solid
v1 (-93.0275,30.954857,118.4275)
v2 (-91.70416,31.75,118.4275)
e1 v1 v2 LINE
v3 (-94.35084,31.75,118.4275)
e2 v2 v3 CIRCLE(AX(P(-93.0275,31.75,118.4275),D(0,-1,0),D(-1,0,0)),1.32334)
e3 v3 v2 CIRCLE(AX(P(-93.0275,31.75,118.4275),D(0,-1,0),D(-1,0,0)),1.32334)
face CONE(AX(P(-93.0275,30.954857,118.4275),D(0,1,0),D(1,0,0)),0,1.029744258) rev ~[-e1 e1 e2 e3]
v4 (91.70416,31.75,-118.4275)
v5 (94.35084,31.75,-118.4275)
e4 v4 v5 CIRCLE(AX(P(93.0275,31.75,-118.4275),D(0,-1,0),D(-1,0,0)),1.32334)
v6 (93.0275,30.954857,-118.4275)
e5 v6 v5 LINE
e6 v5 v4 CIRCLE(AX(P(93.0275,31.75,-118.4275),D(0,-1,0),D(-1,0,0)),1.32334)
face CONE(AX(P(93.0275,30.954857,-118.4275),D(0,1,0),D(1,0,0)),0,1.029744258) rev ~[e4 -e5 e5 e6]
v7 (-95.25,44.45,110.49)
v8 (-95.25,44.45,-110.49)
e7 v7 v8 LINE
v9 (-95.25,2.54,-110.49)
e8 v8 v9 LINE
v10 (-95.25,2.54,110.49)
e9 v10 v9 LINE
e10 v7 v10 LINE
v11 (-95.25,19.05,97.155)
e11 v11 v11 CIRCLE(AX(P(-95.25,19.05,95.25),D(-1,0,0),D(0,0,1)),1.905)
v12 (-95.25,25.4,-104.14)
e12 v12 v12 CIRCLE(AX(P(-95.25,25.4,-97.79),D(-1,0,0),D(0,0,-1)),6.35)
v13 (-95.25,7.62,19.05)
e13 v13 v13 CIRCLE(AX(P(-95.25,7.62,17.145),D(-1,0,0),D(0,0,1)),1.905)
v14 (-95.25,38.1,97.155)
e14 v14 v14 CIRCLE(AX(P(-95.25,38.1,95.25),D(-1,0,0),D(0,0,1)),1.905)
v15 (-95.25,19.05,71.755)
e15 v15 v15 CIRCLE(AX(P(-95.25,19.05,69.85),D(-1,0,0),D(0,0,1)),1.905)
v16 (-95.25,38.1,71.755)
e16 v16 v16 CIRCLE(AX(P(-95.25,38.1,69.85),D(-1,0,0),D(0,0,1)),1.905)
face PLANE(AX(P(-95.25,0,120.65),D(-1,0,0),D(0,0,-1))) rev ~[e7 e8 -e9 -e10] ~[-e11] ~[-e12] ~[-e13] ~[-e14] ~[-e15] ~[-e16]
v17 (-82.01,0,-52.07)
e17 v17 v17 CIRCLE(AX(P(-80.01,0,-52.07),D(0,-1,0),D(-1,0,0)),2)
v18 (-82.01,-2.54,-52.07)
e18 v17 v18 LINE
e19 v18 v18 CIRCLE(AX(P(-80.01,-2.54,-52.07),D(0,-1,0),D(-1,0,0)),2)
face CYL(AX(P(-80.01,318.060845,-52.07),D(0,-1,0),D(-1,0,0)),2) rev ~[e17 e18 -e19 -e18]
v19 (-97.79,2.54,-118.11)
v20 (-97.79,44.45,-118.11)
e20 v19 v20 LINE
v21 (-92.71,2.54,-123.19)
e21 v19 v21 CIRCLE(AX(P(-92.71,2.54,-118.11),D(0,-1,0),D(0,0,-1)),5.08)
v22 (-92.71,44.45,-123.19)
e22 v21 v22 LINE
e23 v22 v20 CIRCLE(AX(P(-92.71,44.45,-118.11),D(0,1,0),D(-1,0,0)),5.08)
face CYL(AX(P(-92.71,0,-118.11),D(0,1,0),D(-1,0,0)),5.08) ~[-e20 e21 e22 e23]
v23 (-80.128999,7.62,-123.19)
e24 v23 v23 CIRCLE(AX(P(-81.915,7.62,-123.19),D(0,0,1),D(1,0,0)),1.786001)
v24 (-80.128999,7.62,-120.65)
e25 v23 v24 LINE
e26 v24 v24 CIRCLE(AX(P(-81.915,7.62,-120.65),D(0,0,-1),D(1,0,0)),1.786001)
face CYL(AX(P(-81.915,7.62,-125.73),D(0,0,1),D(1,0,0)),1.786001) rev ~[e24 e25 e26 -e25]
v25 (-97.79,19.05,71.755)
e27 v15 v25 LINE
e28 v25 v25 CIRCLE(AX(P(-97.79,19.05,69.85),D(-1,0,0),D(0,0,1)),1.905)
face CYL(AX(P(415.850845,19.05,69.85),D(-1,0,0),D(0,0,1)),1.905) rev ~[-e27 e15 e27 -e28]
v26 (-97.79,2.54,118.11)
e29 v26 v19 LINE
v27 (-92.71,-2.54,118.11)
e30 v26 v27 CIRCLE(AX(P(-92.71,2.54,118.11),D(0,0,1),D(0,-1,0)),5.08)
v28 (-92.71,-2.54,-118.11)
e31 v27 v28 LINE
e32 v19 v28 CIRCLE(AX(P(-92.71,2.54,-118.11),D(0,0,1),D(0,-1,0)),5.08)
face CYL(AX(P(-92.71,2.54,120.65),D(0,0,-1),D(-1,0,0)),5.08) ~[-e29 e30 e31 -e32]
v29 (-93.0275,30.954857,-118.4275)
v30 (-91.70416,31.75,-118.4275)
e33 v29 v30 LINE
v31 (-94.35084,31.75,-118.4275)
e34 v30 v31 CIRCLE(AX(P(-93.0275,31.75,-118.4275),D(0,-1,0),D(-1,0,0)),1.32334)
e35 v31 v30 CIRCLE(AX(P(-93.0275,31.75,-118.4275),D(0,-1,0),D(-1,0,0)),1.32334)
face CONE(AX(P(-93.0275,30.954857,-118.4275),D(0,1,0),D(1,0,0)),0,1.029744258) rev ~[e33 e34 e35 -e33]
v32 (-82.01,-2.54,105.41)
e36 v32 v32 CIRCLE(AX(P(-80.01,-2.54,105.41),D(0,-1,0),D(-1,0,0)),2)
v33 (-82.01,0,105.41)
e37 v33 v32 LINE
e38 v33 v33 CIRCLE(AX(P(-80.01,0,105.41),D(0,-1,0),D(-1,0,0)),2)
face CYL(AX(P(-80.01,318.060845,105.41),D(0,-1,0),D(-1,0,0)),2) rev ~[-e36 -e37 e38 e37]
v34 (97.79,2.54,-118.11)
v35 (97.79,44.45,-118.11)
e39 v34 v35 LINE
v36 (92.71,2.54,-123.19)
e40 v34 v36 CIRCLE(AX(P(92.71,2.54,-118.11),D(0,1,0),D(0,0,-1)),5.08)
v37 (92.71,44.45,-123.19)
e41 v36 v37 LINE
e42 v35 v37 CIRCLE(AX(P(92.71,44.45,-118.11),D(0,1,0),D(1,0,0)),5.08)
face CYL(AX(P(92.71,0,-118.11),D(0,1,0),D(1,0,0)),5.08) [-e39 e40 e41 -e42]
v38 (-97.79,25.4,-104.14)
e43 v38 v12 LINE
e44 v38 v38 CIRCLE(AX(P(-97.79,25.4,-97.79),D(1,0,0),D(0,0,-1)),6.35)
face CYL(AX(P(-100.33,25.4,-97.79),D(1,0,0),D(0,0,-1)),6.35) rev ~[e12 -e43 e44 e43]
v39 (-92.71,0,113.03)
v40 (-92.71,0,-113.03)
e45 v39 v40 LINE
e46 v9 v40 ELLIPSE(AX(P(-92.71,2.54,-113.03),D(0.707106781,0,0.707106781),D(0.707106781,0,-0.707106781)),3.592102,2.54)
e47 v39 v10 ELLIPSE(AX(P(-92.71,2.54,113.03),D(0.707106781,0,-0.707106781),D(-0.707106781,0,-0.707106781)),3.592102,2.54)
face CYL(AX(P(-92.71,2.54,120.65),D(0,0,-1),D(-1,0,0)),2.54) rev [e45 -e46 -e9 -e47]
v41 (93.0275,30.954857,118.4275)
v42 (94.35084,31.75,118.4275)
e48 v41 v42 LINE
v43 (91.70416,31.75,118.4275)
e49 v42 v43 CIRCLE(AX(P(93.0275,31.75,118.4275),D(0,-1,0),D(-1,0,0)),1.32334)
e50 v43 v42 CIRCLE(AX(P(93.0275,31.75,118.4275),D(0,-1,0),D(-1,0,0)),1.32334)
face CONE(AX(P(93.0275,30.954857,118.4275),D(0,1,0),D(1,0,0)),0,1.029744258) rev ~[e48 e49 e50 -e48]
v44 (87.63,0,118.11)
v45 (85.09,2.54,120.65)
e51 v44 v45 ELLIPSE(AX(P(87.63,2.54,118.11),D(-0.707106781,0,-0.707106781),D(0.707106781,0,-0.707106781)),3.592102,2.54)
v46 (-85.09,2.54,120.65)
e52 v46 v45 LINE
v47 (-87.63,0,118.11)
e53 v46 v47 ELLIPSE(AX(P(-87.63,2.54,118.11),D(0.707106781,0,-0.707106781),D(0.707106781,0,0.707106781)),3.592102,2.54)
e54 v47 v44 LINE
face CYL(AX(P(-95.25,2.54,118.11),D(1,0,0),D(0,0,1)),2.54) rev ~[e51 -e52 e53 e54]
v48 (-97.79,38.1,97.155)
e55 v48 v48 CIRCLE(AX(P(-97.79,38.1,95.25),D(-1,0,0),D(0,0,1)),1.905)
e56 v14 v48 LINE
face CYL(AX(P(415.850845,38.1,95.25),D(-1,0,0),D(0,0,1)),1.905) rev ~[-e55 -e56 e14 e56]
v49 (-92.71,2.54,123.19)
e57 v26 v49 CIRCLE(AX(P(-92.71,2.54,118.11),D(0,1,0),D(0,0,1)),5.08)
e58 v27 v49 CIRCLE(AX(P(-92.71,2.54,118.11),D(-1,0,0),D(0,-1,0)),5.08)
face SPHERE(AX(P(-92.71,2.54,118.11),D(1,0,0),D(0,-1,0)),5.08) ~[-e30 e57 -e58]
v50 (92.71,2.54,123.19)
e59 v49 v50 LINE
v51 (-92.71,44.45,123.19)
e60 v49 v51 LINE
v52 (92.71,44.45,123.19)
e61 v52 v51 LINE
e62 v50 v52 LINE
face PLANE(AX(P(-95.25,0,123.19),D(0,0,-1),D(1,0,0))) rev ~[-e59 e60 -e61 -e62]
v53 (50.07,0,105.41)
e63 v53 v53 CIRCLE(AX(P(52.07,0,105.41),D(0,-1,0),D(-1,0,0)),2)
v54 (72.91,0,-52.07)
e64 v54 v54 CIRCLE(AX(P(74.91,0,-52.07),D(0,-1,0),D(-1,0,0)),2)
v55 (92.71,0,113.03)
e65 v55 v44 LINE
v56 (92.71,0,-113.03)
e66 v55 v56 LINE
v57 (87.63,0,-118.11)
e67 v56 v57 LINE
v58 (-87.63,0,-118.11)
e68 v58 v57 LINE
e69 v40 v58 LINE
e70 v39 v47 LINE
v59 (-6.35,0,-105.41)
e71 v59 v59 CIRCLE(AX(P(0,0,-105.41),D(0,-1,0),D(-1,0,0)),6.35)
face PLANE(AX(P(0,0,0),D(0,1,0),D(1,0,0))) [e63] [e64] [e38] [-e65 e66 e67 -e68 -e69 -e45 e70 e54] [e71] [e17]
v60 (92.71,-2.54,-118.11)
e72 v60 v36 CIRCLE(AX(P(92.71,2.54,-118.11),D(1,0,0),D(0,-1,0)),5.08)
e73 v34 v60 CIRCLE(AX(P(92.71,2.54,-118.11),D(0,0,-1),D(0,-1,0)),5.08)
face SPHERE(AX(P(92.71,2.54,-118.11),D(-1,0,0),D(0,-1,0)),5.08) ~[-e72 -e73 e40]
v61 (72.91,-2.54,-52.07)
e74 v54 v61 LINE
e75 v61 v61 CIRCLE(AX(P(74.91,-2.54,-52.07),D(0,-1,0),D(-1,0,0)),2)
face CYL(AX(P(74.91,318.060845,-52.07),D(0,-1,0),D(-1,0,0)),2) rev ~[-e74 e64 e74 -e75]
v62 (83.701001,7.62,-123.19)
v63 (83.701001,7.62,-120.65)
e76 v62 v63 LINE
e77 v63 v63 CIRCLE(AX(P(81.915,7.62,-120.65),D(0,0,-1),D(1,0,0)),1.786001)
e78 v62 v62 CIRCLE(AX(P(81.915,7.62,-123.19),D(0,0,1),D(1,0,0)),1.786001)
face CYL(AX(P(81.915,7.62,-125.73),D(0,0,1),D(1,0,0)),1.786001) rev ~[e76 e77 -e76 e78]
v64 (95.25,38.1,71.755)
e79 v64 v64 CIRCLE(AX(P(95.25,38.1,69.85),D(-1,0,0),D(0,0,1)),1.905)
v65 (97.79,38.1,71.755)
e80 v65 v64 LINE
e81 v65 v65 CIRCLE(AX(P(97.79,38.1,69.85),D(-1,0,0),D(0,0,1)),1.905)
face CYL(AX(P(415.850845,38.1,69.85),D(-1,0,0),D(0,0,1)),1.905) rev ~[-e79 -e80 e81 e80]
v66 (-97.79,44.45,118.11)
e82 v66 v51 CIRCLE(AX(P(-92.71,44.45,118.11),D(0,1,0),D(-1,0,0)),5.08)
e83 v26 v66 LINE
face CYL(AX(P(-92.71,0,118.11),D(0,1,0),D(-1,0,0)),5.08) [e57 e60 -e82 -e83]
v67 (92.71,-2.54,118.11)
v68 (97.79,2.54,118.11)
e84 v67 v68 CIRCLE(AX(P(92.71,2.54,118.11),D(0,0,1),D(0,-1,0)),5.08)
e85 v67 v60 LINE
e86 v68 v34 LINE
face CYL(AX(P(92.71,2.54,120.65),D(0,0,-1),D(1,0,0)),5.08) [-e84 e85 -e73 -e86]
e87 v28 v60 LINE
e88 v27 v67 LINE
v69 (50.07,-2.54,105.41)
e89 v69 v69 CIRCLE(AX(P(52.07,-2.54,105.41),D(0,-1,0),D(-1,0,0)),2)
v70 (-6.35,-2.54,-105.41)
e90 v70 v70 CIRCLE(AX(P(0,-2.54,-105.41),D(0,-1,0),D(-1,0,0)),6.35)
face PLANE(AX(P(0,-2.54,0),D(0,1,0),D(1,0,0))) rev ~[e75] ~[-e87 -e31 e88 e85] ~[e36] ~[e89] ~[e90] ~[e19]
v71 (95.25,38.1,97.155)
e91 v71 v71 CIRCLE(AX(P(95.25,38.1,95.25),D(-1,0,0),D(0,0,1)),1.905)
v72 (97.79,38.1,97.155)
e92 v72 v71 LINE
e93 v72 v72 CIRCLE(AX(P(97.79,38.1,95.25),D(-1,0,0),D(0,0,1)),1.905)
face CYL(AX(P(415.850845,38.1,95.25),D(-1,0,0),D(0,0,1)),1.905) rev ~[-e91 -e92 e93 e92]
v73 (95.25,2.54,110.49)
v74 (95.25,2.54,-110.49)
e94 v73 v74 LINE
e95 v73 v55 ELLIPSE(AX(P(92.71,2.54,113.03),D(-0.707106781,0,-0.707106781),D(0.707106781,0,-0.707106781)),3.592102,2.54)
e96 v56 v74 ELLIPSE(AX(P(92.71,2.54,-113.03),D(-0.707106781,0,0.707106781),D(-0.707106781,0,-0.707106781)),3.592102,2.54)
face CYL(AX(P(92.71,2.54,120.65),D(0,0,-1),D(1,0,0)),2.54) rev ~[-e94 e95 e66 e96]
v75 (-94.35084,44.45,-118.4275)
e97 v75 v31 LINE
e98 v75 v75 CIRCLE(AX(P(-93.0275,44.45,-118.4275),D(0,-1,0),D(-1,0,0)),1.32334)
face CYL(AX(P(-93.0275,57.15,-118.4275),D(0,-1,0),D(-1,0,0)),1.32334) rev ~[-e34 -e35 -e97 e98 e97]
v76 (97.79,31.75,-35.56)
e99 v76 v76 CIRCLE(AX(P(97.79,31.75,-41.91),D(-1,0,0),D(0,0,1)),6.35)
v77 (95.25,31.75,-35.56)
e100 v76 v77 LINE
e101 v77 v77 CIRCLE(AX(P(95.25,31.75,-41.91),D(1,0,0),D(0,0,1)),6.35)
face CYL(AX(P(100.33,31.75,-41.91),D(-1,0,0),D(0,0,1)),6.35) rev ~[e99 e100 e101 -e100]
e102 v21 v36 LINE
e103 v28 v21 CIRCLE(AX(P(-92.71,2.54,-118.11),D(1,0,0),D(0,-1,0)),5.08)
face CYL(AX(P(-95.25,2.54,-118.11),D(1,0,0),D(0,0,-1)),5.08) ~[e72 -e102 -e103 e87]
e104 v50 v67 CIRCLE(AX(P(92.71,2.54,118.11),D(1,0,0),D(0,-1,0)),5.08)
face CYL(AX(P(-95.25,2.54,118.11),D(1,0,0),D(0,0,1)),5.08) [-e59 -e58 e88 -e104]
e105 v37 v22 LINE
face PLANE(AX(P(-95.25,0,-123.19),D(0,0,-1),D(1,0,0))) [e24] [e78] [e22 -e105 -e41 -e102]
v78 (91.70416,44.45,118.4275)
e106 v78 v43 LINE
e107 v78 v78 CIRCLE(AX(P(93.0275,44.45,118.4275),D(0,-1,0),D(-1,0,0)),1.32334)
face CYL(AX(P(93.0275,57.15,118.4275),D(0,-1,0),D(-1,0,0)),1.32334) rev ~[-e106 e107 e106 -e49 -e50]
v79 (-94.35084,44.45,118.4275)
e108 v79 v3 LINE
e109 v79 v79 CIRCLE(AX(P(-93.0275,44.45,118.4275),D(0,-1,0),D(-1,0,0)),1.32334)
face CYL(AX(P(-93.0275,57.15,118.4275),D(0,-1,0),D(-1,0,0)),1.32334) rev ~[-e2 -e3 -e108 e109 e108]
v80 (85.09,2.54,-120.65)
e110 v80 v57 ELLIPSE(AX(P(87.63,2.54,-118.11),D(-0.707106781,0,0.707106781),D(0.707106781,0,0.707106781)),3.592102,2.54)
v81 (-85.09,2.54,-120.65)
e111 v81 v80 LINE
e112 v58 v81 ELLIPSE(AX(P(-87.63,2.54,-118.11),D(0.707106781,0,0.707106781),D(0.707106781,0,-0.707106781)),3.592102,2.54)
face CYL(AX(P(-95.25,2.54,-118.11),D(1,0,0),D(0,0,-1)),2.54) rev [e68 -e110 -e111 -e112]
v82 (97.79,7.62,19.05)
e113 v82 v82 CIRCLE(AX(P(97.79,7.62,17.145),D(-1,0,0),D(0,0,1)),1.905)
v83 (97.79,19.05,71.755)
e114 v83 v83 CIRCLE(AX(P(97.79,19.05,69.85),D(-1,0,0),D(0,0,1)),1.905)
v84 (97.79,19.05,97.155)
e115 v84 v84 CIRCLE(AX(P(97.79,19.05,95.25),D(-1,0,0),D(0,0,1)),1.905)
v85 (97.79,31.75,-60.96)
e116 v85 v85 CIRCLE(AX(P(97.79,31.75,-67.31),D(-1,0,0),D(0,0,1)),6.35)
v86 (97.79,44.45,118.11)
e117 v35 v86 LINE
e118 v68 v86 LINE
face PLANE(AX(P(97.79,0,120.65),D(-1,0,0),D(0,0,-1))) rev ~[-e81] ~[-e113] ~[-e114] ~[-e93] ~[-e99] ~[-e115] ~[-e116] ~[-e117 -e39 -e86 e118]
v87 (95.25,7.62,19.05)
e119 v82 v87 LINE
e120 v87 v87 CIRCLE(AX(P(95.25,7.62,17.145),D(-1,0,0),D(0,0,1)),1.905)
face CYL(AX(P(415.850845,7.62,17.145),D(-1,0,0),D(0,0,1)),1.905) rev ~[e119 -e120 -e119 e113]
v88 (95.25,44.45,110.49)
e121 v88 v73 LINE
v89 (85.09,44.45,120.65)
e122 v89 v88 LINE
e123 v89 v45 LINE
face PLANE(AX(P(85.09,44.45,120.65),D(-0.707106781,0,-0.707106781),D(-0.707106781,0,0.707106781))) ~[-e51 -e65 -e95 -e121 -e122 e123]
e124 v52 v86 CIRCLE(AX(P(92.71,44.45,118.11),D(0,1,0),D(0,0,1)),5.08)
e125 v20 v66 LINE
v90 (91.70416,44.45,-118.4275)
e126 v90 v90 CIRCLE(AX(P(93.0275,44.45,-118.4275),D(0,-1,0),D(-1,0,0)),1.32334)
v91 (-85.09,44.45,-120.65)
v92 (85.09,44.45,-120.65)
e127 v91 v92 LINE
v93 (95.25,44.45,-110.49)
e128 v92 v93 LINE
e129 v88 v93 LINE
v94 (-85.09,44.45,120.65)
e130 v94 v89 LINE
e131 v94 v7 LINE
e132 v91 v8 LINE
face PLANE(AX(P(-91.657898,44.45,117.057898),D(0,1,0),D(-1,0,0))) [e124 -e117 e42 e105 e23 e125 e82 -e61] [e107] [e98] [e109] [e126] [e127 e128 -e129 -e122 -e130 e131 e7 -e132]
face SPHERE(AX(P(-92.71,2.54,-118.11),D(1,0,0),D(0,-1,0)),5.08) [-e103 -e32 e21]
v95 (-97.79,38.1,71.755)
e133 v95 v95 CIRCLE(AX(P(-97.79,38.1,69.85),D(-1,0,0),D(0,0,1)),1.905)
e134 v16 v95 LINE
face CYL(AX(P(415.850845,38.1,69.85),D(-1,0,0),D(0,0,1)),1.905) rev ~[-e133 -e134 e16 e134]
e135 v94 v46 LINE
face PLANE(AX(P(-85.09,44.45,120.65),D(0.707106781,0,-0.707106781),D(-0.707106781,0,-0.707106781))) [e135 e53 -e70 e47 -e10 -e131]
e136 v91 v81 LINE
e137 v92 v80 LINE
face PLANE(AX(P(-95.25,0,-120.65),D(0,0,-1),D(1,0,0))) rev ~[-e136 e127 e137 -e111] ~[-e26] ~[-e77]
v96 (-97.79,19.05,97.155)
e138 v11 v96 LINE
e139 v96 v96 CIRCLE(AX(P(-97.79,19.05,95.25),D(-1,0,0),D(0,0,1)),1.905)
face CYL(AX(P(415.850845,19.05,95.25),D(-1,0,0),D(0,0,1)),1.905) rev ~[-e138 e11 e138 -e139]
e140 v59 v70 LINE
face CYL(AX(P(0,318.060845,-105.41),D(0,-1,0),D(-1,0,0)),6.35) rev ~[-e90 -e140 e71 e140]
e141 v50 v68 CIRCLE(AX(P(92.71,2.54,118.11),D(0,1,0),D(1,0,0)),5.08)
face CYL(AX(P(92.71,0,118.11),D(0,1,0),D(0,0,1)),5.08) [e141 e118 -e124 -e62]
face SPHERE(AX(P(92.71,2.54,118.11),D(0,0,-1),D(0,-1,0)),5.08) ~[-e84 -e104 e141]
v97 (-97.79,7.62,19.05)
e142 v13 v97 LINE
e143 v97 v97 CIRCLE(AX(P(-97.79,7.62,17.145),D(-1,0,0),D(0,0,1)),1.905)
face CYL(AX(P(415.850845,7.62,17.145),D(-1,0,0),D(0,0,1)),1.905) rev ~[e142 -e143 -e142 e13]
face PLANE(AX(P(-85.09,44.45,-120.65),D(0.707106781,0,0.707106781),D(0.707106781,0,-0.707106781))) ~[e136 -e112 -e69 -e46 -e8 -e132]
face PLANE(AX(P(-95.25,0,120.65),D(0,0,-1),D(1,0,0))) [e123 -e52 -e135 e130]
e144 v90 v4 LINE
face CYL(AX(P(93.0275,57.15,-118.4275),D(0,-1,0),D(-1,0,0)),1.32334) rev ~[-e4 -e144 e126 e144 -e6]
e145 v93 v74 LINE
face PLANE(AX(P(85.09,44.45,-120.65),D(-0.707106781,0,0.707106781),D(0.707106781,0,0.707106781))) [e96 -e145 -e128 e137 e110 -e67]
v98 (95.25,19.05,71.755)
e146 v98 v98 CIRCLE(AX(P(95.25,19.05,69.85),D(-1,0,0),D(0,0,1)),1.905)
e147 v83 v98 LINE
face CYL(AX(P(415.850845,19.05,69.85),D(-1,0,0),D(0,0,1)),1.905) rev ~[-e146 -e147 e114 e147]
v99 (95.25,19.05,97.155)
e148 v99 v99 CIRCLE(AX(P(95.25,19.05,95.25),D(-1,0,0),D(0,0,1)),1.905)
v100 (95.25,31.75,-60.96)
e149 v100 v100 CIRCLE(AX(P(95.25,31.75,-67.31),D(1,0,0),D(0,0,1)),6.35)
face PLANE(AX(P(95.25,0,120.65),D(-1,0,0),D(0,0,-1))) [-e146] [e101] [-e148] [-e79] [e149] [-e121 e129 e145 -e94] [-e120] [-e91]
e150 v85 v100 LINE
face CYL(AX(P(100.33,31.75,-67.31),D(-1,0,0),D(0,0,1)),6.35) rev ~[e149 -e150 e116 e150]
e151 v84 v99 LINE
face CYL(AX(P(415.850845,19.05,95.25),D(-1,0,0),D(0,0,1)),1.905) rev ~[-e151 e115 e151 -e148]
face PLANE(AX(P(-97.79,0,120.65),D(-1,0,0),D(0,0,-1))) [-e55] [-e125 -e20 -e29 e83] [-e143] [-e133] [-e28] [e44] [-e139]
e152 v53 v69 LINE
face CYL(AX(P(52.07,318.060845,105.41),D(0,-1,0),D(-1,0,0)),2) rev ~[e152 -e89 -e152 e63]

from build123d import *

# Parameters (mm, degrees)
SKETCH1_W                           = 190.5
SKETCH1_H                           = 241.3
BOSS_EXTRUDE1_DEPTH                 = 44.45
FILLET1_R                           = 2.54
SHELL1_T                            = 2.54
HOLE_A_D                            = 4
BOSS_EXTRUDE3_REACH                 = 166.155
MIRROR3_COPY_1_REACH                = 166.155
COVER_HOLES_D                       = 2.64668
COVER_HOLES_DEPTH                   = 12.7
COVER_HOLES_TIP                     = 0.795142892
HOLE_FOR_WIRING_D                   = 12.7
HOLE_TO_OUTSIDE_WIRING_D            = 12.7
HOLE_TO_OUTSIDE_WIRING_DEPTH        = 2.54
HOLE_TO_OUTSIDE_WIRING_TIP          = 3.815464931
F_9_64_0_15_DIAMETER_HOLE1_D        = 3.81
F_9_64_0_14063_DIAMETER_HOLE2_D     = 3.572002
F_9_64_0_14063_DIAMETER_HOLE2_DEPTH = 2.54
F_9_64_0_14063_DIAMETER_HOLE2_TIP   = 1.073137666
ANTENNA_HOLES_D                     = 12.7
ANTENNA_HOLES_DEPTH                 = 2.54
ANTENNA_HOLES_TIP                   = 3.815464931
F_1_8_0_15_DIAMETER_HOLE1_D         = 3.81


with BuildPart() as part:
    # Sketch1 → Boss-Extrude1 (new body)
    with BuildSketch(Plane(origin=(0, 0, 0), x_dir=(1, 0, 0), z_dir=(0, 1, 0))):
        Rectangle(SKETCH1_W, SKETCH1_H)
    extrude(amount=BOSS_EXTRUDE1_DEPTH)

    # Fillet1
    fillet1_edges = [part.edges().sort_by_distance(p)[0] for p in [
        (0, 0, -120.65),
        (95.25, 0, 0),
        (0, 0, 120.65),
        (-95.25, 0, 0),
        (-95.25, 22.225, -120.65),
        (95.25, 22.225, -120.65),
        (95.25, 22.225, 120.65),
        (-95.25, 22.225, 120.65),
    ]]
    fillet(fillet1_edges, radius=FILLET1_R)

    # Shell1
    shell1_openings = [part.faces().sort_by_distance(p)[0] for p in [
        (0, 44.45, 0),
    ]]
    offset(amount=SHELL1_T, openings=shell1_openings, kind=Kind.INTERSECTION)

    # Hole A (through all)
    with Locations(Plane(origin=(0, 0, 0), x_dir=(1, 0, 0), z_dir=(0, 1, 0))):
        with Locations((-80.01, 52.07), (74.91000004, 52.07), (-80.01, -105.41), (52.07, -105.41)):
            Hole(HOLE_A_D / 2)

    # Boss-Extrude3: up to this face of the body (flat: up to its plane)
    boss_extrude3_end = Plane(part.part.faces().sort_by_distance((0.0094902, 0, -0.030642085))[0])
    # Sketch25 → Boss-Extrude3 (add, up to the picked face)
    with BuildSketch(Plane(origin=(0, 44.45, 0), x_dir=(1, 0, 0), z_dir=(0, 1, 0)), mode=Mode.PRIVATE) as boss_extrude3_sk1:
        Polygon((85.09, 120.65), (95.25, 110.49), (95.25, 120.65), align=None)
    boss_extrude3_tool1 = split(extrude(boss_extrude3_sk1.sketch, amount=-BOSS_EXTRUDE3_REACH, mode=Mode.PRIVATE), bisect_by=boss_extrude3_end, keep=Keep.BOTH, mode=Mode.PRIVATE)
    boss_extrude3 = boss_extrude3_tool1.solids().sort_by(Axis((91.863333, 44.45, -117.263333), (0, -1, 0)))[0]
    add(boss_extrude3)

    # Mirror2: Boss-Extrude3 across plane
    add(boss_extrude3.mirror(Plane.XY))

    # Mirror3: Boss-Extrude3 across plane
    add(boss_extrude3.mirror(Plane(origin=(0, 0, 0), x_dir=(0, 0, 1), z_dir=(1, 0, 0))))

    # Mirror3 copy 1: up to this face of the body (flat: up to its plane)
    mirror3_copy_1_end = Plane(part.part.faces().sort_by_distance((-0.0094902, 0, 0.030642085))[0])
    # Mirror3 copy 1 sketch → Mirror3 copy 1 (add, up to the picked face)
    with BuildSketch(Plane(origin=(0, 44.45, 0), x_dir=(-1, 0, 0), z_dir=(0, 1, 0)), mode=Mode.PRIVATE) as mirror3_copy_1_sk1:
        Polygon((85.09, 120.65), (95.25, 110.49), (95.25, 120.65), align=None)
    mirror3_copy_1_tool1 = split(extrude(mirror3_copy_1_sk1.sketch, amount=-MIRROR3_COPY_1_REACH, mode=Mode.PRIVATE), bisect_by=mirror3_copy_1_end, keep=Keep.BOTH, mode=Mode.PRIVATE)
    add(mirror3_copy_1_tool1.solids().sort_by(Axis((-91.863333, 44.45, 117.263333), (0, -1, 0)))[0])

    # Cover Holes
    with Locations(Plane(origin=(0, 44.45, 0), x_dir=(1, 0, 0), z_dir=(0, 1, 0))):
        with Locations((-93.0275, 118.4275), (-93.0275, -118.4275), (93.0275, -118.4275), (93.0275, 118.4275)):
            Hole(COVER_HOLES_D / 2, depth=COVER_HOLES_DEPTH)
            with Locations((0, 0, -(COVER_HOLES_DEPTH + COVER_HOLES_TIP / 2))):  # 118° drill point
                Cone(0, COVER_HOLES_D / 2, COVER_HOLES_TIP, mode=Mode.SUBTRACT)

    # Hole for wiring (through all)
    with Locations(Plane(origin=(0, 0, 0), x_dir=(1, 0, 0), z_dir=(0, 1, 0))):
        with Locations((0, 105.41)):
            Hole(HOLE_FOR_WIRING_D / 2)

    # Hole to outside wiring
    with Locations(Plane.ZY.offset(97.79)):
        with Locations((-97.79, 25.4)):
            Hole(HOLE_TO_OUTSIDE_WIRING_D / 2, depth=HOLE_TO_OUTSIDE_WIRING_DEPTH)
            with Locations((0, 0, -(HOLE_TO_OUTSIDE_WIRING_DEPTH + HOLE_TO_OUTSIDE_WIRING_TIP / 2))):  # 118° drill point
                Cone(0, HOLE_TO_OUTSIDE_WIRING_D / 2, HOLE_TO_OUTSIDE_WIRING_TIP, mode=Mode.SUBTRACT)

    # 9/64 (0.15) Diameter Hole1 (through all)
    with Locations(Plane(origin=(97.79, 0, 0), x_dir=(0, 0, -1), z_dir=(1, 0, 0))):
        with Locations((-17.145, 7.62)):
            Hole(F_9_64_0_15_DIAMETER_HOLE1_D / 2)

    # 9/64 (0.14063) Diameter Hole2
    with Locations(Plane(origin=(0, 0, -123.19), x_dir=(-1, 0, 0), z_dir=(0, 0, -1))):
        with Locations((-81.915, 7.62), (81.915, 7.62)):
            Hole(F_9_64_0_14063_DIAMETER_HOLE2_D / 2, depth=F_9_64_0_14063_DIAMETER_HOLE2_DEPTH)
            with Locations((0, 0, -(F_9_64_0_14063_DIAMETER_HOLE2_DEPTH + F_9_64_0_14063_DIAMETER_HOLE2_TIP / 2))):  # 118° drill point
                Cone(0, F_9_64_0_14063_DIAMETER_HOLE2_D / 2, F_9_64_0_14063_DIAMETER_HOLE2_TIP, mode=Mode.SUBTRACT)

    # Antenna Holes
    with Locations(Plane(origin=(97.79, 0, 0), x_dir=(0, 0, -1), z_dir=(1, 0, 0))):
        with Locations((67.31, 31.75), (41.91, 31.75)):
            Hole(ANTENNA_HOLES_D / 2, depth=ANTENNA_HOLES_DEPTH)
            with Locations((0, 0, -(ANTENNA_HOLES_DEPTH + ANTENNA_HOLES_TIP / 2))):  # 118° drill point
                Cone(0, ANTENNA_HOLES_D / 2, ANTENNA_HOLES_TIP, mode=Mode.SUBTRACT)

    # 1/8 (0.15) Diameter Hole1 (through all)
    with Locations(Plane(origin=(97.79, 0, 0), x_dir=(0, 0, -1), z_dir=(1, 0, 0))):
        with Locations((-95.25, 38.1), (-69.85, 38.1), (-95.25, 19.05), (-69.85, 19.05)):
            Hole(F_1_8_0_15_DIAMETER_HOLE1_D / 2)


solid = part.part
